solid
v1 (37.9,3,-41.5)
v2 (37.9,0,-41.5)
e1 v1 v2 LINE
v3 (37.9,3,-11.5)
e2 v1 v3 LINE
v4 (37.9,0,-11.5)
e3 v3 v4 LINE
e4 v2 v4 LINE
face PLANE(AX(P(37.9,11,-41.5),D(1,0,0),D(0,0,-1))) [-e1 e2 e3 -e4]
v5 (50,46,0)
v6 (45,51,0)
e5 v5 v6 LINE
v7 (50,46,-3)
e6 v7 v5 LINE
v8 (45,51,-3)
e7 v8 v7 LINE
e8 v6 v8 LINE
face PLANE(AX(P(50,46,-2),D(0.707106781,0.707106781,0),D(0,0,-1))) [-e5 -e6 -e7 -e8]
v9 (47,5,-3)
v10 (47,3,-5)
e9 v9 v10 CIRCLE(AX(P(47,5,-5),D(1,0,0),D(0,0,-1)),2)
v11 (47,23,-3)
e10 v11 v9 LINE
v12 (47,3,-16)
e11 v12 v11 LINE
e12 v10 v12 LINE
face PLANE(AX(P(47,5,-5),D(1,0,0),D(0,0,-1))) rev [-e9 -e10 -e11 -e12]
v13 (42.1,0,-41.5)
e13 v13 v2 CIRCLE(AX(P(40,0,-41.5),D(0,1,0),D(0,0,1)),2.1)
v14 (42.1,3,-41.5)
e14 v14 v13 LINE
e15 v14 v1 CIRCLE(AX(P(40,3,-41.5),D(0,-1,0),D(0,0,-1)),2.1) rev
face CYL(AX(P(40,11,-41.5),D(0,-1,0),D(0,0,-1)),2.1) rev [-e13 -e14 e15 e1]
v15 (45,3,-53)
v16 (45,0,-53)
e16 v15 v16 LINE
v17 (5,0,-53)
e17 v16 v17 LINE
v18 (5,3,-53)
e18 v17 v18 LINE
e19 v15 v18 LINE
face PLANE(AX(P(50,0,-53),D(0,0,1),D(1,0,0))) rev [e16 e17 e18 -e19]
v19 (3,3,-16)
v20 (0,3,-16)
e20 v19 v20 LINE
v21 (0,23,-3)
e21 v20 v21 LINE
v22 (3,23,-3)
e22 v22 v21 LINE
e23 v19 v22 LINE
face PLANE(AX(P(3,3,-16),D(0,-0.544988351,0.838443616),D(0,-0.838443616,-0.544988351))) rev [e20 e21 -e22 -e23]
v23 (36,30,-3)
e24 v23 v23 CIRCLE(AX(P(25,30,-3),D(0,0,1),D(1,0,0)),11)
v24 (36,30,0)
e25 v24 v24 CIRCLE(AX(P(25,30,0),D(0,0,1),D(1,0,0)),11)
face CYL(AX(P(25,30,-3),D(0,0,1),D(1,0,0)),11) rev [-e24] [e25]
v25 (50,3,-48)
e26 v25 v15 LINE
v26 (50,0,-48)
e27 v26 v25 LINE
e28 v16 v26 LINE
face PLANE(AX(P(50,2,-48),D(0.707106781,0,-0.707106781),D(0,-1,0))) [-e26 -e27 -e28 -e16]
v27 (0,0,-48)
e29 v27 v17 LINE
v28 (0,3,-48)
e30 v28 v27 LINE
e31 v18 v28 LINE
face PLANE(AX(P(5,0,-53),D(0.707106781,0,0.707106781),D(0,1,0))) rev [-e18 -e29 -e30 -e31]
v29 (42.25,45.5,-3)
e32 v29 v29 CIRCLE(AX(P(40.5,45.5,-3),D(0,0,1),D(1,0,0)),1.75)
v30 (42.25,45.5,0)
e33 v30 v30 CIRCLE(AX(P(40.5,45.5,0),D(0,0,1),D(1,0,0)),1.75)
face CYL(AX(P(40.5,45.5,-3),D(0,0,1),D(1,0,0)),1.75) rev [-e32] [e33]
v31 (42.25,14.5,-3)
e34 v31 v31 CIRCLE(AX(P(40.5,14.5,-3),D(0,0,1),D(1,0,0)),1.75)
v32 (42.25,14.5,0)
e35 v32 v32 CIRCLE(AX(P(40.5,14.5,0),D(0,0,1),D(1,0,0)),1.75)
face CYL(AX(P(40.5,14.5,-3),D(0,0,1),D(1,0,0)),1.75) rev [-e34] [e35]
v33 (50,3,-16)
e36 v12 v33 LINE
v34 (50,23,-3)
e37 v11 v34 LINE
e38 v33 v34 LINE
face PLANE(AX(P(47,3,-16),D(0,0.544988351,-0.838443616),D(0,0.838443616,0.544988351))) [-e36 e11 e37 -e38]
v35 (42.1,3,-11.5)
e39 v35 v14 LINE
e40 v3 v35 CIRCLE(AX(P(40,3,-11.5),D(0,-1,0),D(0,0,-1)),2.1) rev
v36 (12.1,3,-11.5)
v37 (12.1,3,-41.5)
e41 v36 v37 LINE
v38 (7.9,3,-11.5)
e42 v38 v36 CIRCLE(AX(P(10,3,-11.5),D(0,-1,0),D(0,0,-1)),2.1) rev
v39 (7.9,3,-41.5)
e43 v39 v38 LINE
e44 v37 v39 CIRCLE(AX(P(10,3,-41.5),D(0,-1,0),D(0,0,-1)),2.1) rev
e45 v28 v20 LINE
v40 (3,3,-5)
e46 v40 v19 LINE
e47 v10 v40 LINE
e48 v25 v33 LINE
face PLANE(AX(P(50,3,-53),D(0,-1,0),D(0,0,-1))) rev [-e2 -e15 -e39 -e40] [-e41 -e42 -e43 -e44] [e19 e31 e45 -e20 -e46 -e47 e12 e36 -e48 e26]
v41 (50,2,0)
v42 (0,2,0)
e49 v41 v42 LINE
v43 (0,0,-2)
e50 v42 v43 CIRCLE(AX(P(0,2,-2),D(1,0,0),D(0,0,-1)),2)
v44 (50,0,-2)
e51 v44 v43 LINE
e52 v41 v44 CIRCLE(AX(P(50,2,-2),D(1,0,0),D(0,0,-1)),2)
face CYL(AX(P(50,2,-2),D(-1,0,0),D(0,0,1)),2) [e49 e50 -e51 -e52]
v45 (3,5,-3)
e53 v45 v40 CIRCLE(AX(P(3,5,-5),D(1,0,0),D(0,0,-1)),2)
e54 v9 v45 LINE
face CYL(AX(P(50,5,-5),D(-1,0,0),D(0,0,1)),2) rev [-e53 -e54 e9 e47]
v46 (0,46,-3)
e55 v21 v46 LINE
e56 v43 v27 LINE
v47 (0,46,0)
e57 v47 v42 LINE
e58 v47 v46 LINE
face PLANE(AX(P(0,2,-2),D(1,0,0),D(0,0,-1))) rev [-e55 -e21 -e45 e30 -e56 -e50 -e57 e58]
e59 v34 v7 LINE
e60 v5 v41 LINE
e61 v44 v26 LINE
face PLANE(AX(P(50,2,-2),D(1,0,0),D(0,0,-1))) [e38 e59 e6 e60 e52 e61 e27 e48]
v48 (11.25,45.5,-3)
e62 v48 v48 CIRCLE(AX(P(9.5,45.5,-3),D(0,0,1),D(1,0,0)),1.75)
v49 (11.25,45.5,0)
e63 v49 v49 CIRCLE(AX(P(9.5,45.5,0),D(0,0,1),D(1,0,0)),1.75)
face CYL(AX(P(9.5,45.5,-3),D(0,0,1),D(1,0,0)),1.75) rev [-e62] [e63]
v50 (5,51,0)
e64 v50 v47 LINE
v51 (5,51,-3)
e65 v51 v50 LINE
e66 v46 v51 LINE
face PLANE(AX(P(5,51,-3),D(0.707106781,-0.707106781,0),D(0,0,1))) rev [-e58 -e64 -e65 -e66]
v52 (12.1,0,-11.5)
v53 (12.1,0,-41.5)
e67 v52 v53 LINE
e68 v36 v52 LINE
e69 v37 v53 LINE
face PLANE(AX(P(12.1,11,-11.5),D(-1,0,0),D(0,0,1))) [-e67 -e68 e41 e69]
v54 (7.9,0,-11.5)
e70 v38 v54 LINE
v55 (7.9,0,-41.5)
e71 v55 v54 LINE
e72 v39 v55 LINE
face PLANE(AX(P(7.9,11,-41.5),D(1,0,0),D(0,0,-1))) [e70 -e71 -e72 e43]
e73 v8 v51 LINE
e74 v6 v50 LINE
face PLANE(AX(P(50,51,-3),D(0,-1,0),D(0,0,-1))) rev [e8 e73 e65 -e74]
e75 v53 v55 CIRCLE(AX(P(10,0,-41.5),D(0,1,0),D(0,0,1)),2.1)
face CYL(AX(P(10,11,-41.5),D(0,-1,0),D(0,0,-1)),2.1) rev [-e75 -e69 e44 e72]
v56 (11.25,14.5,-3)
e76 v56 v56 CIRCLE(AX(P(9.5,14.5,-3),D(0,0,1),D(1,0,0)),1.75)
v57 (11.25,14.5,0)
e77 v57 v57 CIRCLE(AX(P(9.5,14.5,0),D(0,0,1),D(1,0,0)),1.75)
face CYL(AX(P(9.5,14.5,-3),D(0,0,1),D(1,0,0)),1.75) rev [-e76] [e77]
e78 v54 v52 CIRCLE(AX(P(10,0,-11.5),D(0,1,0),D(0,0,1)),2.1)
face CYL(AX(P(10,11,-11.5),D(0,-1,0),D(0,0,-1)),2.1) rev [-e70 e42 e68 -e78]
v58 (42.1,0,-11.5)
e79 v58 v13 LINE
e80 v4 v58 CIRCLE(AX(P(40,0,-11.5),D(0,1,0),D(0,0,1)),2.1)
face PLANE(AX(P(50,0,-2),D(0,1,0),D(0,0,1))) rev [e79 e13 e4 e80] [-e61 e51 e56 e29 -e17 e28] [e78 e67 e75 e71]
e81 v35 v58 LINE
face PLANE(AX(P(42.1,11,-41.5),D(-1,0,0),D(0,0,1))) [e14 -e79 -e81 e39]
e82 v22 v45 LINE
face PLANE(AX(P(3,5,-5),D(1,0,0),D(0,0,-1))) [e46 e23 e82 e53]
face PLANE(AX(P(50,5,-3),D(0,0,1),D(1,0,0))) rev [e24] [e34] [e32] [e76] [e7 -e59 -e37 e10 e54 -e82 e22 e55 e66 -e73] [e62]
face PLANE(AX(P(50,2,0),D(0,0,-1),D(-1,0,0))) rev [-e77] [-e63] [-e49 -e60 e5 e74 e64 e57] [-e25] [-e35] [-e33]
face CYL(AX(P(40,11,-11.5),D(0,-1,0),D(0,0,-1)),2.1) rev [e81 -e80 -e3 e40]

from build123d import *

# Parameters (mm, degrees)
EXTRUDE_1_DEPTH     = 50
EXTRUDE_2_DEPTH     = 3
EXTRUDE_START       = -3
EXTRUDE_3_DEPTH     = 3
SKETCH_5_R          = 11
SKETCH_5_R_2        = 1.75
CUT_EXTRUDE_1_DEPTH = 3
CUT_EXTRUDE_2_DEPTH = 11
CHAMFER_1_SIZE      = 5


with BuildPart() as part:
    # 草图1 → 凸台-拉伸1 (new body)
    with BuildSketch(Plane(origin=(0, 0, 0), x_dir=(0, 0, -1), z_dir=(1, 0, 0))):
        with BuildLine():
            Line((0, 2), (0, 51))
            Line((0, 51), (3, 51))
            Line((3, 51), (3, 5))
            ThreePointArc((3, 5), (3.585786438, 3.585786438), (5, 3))
            Line((5, 3), (53, 3))
            Line((53, 3), (53, 0))
            Line((53, 0), (2, 0))
            ThreePointArc((2, 0), (0.585786438, 0.585786438), (0, 2))
        make_face()
    extrude(amount=EXTRUDE_1_DEPTH)

    # 草图3 → 凸台-拉伸2 (add)
    with BuildSketch(Plane(origin=(0, 0, 0), x_dir=(0, 0, -1), z_dir=(1, 0, 0))):
        with BuildLine():
            Line((3, 5), (3, 23))
            Line((3, 23), (16, 3))
            Line((16, 3), (5, 3))
            ThreePointArc((5, 3), (3.585786438, 3.585786438), (3, 5))
        make_face()
    extrude(amount=EXTRUDE_2_DEPTH)

    # 草图4 → 凸台-拉伸3 (add)
    with BuildSketch(Plane(origin=(50, 0, 0), x_dir=(0, 0, -1), z_dir=(1, 0, 0)).offset(EXTRUDE_START)):
        with BuildLine():
            Line((3, 23), (3, 5))
            ThreePointArc((3, 5), (3.585786438, 3.585786438), (5, 3))
            Line((5, 3), (16, 3))
            Line((16, 3), (3, 23))
        make_face()
    extrude(amount=EXTRUDE_3_DEPTH)

    # 草图5 → 切除-拉伸1 (cut)
    with BuildSketch(Plane.XY):
        with Locations((25, 30)):
            Circle(SKETCH_5_R)
        with Locations((9.5, 45.5)):
            Circle(SKETCH_5_R_2)
        with Locations((40.5, 45.5)):
            Circle(SKETCH_5_R_2)
        with Locations((9.5, 14.5)):
            Circle(SKETCH_5_R_2)
        with Locations((40.5, 14.5)):
            Circle(SKETCH_5_R_2)
    extrude(amount=-CUT_EXTRUDE_1_DEPTH, mode=Mode.SUBTRACT)

    # 草图6 → 切除-拉伸2 (cut)
    with BuildSketch(Plane(origin=(0, 0, 0), x_dir=(1, 0, 0), z_dir=(0, 1, 0))):
        with BuildLine():
            Line((7.9, 41.5), (7.9, 11.5))
            ThreePointArc((7.9, 11.5), (10, 9.4), (12.1, 11.5))
            Line((12.1, 11.5), (12.1, 41.5))
            ThreePointArc((12.1, 41.5), (10, 43.6), (7.9, 41.5))
        make_face()
        with BuildLine():
            Line((37.9, 41.5), (37.9, 11.5))
            ThreePointArc((37.9, 11.5), (40, 9.4), (42.1, 11.5))
            Line((42.1, 11.5), (42.1, 41.5))
            ThreePointArc((42.1, 41.5), (40, 43.6), (37.9, 41.5))
        make_face()
    extrude(amount=CUT_EXTRUDE_2_DEPTH, mode=Mode.SUBTRACT)

    # 倒角1
    chamfer_1_edges = [part.edges().sort_by_distance(p)[0] for p in [
        (0, 51, -1.5),
        (50, 1.5, -53),
        (50, 51, -1.5),
        (0, 1.5, -53),
    ]]
    chamfer(chamfer_1_edges, length=CHAMFER_1_SIZE)


solid = part.part
